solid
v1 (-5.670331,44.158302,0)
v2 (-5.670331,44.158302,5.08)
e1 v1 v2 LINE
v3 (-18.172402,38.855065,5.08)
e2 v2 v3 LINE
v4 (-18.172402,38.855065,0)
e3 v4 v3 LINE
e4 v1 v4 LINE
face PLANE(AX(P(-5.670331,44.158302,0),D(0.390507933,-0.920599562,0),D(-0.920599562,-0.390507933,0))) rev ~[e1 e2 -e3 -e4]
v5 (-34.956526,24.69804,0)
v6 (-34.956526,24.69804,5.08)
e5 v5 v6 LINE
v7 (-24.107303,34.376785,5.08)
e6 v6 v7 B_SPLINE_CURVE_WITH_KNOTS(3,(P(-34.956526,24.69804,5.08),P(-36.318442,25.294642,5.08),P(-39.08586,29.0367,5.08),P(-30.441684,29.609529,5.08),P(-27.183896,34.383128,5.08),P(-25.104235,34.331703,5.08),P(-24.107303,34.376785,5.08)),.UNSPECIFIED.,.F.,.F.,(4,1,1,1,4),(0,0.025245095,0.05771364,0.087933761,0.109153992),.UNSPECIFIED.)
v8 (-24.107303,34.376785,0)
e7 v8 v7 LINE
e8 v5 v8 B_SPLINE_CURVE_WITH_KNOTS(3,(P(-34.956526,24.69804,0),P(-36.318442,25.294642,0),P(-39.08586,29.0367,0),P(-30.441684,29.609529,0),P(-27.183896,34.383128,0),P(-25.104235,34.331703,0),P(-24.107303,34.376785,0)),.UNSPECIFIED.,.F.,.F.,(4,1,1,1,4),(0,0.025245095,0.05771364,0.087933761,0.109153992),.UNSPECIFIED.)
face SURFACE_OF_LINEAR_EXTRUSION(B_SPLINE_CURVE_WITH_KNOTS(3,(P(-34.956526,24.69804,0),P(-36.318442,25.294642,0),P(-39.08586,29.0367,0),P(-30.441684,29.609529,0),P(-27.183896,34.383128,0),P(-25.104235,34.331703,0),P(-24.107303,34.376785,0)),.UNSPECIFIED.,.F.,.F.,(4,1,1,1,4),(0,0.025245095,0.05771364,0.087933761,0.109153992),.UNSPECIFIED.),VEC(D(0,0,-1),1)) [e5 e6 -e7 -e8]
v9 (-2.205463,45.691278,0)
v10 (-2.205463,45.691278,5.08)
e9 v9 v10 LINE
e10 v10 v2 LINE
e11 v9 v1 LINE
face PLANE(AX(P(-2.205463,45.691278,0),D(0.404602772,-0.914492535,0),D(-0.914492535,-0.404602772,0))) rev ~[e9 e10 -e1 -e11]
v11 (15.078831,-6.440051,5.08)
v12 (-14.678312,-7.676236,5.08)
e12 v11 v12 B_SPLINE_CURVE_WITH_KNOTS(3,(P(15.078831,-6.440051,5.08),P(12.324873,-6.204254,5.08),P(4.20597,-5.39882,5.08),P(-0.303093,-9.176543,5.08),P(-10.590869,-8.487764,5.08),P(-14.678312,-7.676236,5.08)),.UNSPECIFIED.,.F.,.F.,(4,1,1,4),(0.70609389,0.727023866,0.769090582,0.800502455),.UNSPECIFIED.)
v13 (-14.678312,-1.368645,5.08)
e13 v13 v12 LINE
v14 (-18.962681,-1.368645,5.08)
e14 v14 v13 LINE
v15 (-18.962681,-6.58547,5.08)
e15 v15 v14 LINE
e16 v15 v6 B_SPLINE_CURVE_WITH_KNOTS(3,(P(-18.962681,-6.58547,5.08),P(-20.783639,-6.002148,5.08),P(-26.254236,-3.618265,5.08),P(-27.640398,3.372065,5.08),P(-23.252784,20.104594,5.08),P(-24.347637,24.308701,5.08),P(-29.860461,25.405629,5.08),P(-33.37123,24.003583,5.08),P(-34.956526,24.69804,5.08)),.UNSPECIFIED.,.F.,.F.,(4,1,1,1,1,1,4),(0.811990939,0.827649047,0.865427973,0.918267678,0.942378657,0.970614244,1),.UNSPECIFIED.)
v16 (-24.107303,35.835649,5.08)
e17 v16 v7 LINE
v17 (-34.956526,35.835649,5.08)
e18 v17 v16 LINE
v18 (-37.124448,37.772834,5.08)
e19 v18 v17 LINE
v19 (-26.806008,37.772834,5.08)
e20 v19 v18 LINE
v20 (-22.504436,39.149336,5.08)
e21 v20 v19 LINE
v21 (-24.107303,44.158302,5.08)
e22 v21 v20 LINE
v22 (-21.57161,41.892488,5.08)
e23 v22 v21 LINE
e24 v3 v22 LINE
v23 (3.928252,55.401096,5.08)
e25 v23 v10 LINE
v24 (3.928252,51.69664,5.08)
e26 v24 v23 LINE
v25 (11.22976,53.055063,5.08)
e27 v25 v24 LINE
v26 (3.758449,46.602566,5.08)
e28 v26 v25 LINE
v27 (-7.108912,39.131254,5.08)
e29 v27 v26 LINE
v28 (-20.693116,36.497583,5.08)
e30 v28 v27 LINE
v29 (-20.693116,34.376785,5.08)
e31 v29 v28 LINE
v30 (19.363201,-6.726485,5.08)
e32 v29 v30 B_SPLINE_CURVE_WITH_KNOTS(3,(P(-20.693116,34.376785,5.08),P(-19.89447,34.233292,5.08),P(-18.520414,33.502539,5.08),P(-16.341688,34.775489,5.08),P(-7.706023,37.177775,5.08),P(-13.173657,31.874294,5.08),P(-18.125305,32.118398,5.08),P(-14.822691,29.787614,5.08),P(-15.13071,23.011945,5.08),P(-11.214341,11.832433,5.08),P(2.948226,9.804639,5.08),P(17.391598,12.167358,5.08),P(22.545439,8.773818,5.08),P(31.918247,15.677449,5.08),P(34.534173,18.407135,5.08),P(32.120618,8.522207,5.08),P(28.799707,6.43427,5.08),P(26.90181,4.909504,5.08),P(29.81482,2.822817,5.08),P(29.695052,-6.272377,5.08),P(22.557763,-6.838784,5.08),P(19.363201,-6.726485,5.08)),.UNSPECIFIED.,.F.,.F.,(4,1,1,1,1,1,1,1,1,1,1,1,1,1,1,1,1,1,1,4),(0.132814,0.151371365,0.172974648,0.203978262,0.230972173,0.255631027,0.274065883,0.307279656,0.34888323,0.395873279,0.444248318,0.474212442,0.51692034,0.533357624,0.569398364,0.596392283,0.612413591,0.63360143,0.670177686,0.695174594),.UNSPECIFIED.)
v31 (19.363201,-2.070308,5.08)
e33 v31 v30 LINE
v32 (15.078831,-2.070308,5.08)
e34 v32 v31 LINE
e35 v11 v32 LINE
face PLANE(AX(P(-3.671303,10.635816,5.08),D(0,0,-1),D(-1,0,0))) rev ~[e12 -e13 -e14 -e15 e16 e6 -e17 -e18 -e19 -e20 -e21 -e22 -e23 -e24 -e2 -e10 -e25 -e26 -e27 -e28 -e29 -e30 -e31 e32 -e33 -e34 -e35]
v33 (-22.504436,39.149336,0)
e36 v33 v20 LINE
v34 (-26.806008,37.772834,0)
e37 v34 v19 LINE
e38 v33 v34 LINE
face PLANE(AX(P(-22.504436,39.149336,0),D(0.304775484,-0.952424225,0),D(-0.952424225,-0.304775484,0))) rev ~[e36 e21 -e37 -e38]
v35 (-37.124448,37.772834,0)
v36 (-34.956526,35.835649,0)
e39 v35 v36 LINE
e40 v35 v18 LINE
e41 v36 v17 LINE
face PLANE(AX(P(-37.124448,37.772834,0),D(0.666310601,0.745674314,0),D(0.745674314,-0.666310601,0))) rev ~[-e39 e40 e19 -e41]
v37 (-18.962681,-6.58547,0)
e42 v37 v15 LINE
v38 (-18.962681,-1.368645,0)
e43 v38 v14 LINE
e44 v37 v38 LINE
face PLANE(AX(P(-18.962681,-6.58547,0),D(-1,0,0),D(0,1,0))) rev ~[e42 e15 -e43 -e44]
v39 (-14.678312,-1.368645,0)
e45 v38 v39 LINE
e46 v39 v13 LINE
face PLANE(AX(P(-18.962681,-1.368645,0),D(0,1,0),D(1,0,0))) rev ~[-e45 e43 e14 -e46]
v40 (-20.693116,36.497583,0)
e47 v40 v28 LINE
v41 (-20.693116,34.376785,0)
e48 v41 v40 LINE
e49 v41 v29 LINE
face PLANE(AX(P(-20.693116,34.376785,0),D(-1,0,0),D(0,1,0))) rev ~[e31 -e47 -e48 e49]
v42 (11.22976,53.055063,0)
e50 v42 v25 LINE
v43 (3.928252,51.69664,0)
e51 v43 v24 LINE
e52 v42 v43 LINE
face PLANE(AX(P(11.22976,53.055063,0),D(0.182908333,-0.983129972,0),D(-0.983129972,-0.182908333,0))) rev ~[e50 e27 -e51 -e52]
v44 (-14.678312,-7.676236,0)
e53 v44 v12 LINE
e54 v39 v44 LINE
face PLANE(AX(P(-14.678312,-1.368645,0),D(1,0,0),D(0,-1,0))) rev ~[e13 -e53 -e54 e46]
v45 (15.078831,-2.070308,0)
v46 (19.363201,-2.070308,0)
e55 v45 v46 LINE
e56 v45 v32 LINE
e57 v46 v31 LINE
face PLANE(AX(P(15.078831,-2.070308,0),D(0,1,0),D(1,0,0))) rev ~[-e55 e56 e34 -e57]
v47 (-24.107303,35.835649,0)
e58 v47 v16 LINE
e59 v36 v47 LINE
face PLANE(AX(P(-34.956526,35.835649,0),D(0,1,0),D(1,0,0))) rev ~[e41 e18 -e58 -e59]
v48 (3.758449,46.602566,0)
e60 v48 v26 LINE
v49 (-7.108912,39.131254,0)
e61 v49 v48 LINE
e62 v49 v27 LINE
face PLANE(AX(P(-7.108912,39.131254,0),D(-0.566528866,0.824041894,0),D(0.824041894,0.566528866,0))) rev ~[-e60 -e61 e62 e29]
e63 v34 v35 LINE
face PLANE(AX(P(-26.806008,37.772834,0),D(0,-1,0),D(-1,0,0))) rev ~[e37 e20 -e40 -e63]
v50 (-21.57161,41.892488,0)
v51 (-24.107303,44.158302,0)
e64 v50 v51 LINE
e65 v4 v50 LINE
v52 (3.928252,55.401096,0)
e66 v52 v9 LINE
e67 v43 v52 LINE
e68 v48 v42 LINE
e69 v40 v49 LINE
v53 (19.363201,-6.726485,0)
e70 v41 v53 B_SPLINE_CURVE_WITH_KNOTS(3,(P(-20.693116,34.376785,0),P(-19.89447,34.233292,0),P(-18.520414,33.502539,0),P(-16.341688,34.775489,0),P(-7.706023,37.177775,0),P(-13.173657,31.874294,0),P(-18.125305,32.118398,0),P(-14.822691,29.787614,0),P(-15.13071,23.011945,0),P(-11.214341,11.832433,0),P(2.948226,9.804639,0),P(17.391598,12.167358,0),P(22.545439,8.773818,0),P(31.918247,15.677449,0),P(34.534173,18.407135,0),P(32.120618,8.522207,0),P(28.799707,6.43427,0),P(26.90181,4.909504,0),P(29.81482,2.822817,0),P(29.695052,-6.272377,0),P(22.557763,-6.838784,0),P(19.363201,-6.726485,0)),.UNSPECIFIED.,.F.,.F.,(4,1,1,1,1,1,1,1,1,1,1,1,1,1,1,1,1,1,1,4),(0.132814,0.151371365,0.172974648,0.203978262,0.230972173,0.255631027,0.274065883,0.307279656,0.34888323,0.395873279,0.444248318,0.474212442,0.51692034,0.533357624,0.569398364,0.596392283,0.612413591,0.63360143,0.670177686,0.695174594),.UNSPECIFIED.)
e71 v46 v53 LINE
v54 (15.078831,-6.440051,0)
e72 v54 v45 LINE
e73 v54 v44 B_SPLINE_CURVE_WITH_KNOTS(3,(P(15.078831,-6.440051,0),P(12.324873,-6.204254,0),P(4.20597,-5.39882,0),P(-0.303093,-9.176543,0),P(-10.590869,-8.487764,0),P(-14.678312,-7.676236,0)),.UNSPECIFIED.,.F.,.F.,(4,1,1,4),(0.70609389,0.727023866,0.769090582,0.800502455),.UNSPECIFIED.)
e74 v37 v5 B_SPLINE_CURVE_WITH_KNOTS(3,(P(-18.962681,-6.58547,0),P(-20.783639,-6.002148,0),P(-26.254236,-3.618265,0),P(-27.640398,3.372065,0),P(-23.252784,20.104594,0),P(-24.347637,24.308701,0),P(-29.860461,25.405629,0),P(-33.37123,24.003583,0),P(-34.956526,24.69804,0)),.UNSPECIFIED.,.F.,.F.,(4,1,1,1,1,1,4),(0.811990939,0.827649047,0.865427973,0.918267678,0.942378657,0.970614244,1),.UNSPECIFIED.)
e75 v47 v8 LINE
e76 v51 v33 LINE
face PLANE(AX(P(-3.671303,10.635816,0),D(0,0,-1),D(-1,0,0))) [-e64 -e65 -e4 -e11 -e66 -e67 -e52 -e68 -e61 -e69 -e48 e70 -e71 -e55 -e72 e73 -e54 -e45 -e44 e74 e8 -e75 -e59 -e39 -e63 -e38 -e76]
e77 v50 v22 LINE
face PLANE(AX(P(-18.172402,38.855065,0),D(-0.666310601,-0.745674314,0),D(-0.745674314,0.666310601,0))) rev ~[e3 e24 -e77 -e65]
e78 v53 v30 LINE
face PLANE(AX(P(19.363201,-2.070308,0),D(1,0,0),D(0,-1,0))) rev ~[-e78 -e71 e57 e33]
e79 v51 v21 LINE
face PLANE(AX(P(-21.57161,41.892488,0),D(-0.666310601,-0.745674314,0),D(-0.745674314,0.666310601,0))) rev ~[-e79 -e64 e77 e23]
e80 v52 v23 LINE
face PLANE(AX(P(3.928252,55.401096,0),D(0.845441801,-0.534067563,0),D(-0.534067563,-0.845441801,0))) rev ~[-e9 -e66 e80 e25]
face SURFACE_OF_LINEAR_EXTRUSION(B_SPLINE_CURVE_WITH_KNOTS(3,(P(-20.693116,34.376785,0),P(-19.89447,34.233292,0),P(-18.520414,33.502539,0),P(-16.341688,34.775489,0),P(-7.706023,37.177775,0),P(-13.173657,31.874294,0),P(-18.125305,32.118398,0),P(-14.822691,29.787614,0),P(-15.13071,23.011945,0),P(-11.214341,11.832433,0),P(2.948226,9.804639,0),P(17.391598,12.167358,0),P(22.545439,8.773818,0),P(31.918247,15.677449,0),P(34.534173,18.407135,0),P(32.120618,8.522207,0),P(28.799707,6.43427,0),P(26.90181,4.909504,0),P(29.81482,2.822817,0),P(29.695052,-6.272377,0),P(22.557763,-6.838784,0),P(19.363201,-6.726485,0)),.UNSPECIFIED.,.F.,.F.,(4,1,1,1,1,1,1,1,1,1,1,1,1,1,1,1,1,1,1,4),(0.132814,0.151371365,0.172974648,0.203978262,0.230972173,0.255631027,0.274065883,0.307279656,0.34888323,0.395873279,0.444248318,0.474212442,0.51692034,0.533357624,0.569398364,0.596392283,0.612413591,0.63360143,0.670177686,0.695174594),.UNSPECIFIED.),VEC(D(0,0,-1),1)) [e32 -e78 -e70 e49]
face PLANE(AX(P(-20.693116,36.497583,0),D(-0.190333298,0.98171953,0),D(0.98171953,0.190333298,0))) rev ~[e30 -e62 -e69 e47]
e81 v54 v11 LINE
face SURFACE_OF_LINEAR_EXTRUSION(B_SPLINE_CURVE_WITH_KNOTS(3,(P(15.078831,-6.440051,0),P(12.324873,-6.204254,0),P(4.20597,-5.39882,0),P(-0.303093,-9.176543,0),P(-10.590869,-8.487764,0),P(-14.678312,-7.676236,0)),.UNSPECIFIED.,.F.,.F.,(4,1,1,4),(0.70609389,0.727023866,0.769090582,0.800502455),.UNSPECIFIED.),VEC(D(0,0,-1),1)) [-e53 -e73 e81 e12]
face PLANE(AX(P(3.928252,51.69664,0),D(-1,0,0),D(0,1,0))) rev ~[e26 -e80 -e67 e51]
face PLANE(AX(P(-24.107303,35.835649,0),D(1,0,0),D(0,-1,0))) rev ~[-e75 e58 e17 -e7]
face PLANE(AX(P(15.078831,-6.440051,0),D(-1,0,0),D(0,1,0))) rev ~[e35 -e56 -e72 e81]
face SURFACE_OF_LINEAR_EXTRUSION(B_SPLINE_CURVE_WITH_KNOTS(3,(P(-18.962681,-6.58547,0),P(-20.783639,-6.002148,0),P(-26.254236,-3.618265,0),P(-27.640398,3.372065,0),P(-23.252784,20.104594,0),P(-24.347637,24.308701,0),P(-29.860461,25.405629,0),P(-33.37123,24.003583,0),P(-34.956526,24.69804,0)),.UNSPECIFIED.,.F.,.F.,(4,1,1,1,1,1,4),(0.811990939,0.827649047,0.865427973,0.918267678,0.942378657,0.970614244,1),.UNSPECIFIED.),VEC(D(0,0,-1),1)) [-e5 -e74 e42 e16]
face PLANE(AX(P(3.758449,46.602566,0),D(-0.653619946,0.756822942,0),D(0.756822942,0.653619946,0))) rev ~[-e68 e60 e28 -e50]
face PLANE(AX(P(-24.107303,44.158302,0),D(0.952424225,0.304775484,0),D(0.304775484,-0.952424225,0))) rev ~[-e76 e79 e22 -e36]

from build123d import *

# Parameters (mm, degrees)
F1_DEPTH = 5.08


with BuildPart() as f1:
    # F0 (on Top) → F1 (new body)
    with BuildSketch(Plane.XY):
        with BuildLine():
            add(Edge.make_bspline(
                [(-34.9565260112, 24.6980395168), (-36.3184421784, 25.2946421503), (-39.0858596516, 29.0367000859), (-30.4416842625, 29.6095288925), (-27.1838955094, 34.3831282751), (-25.1042351735, 34.3317026976), (-24.1073034704, 34.3767851591)],
                knots=[0, 0, 0, 0, 0.0252450946, 0.0577136403, 0.0879337607, 0.109153992, 0.109153992, 0.109153992, 0.109153992], degree=3))
            add(Edge.make_bspline(
                [(-18.9626812929, -6.585470436), (-20.7836392487, -6.0021480252), (-26.2542361607, -3.6182647016), (-27.6403976049, 3.3720647415), (-23.2527842916, 20.1045936237), (-24.347636729, 24.3087012232), (-29.8604613815, 25.4056291179), (-33.3712304464, 24.0035830358), (-34.9565260112, 24.6980395168)],
                knots=[0.811990939, 0.811990939, 0.811990939, 0.811990939, 0.8276490466, 0.8654279725, 0.9182676782, 0.9423786567, 0.9706142438, 1, 1, 1, 1], degree=3))
            Line((-18.9626812929, -6.585470436), (-18.9626812929, -1.3686448783))
            Line((-18.9626812929, -1.3686448783), (-14.678311535, -1.3686448783))
            Line((-14.678311535, -1.3686448783), (-14.678311535, -7.6762364836))
            add(Edge.make_bspline(
                [(15.078831465, -6.4400512963), (12.3248730206, -6.2042544015), (4.2059701157, -5.3988197752), (-0.3030927776, -9.1765432065), (-10.5908690132, -8.487764245), (-14.678311535, -7.6762364836)],
                knots=[0.7060938897, 0.7060938897, 0.7060938897, 0.7060938897, 0.7270238665, 0.7690905816, 0.8005024545, 0.8005024545, 0.8005024545, 0.8005024545], degree=3))
            Line((15.078831465, -6.4400512963), (15.078831465, -2.0703081973))
            Line((15.078831465, -2.0703081973), (19.3632012229, -2.0703081973))
            Line((19.3632012229, -2.0703081973), (19.3632012229, -6.7264847693))
            add(Edge.make_bspline(
                [(-20.69311589, 34.3767851591), (-19.8944697046, 34.2332916672), (-18.5204144791, 33.5025393751), (-16.3416883071, 34.7754890574), (-7.7060230741, 37.1777747467), (-13.1736566579, 31.8742939291), (-18.1253049752, 32.1183978408), (-14.8226908654, 29.7876143731), (-15.1307104031, 23.011945025), (-11.2143412199, 11.8324332314), (2.9482264108, 9.8046390998), (17.3915983635, 12.1673581995), (22.5454394796, 8.7738177738), (31.9182466628, 15.6774489792), (34.5341730796, 18.4071345063), (32.1206179642, 8.5222070955), (28.7997072673, 6.4342695481), (26.9018097864, 4.9095043094), (29.8148200259, 2.8228172307), (29.6950516226, -6.2723774479), (22.5577629034, -6.8387844426), (19.3632012229, -6.7264847693)],
                knots=[0.1328139998, 0.1328139998, 0.1328139998, 0.1328139998, 0.1513713652, 0.1729746484, 0.2039782617, 0.2309721734, 0.2556310269, 0.2740658828, 0.3072796564, 0.3488832295, 0.3958732794, 0.4442483176, 0.4742124417, 0.5169203399, 0.533357624, 0.5693983638, 0.5963922835, 0.6124135911, 0.6336014297, 0.6701776865, 0.6951745937, 0.6951745937, 0.6951745937, 0.6951745937], degree=3))
            add(Edge.make_bspline(
                [(-24.1073034704, 34.3767851591), (-22.9957504645, 34.427050935), (-21.7113625347, 34.5597344667), (-20.69311589, 34.3767851591)],
                knots=[0.109153992, 0.109153992, 0.109153992, 0.109153992, 0.1328139998, 0.1328139998, 0.1328139998, 0.1328139998], degree=3))
        make_face()
        with BuildLine():
            Line((-24.1073034704, 35.835648897), (-24.1073034704, 34.3767851591))
            add(Edge.make_bspline(
                [(-24.1073034704, 34.3767851591), (-22.9957504645, 34.427050935), (-21.7113625347, 34.5597344667), (-20.69311589, 34.3767851591)],
                knots=[0.109153992, 0.109153992, 0.109153992, 0.109153992, 0.1328139998, 0.1328139998, 0.1328139998, 0.1328139998], degree=3))
            Line((-20.69311589, 34.3767851591), (-20.69311589, 36.4975829459))
            Line((-20.69311589, 36.4975829459), (-24.1073034704, 35.835648897))
        make_face()
        Polygon((-34.9565260112, 35.835648897), (-24.1073034704, 35.835648897), (-20.69311589, 36.4975829459), (-7.1089123376, 39.1312539577), (3.7584491074, 46.6025657952), (11.2297600135, 53.0550628901), (3.9282515645, 51.696639508), (3.9282515645, 55.4010961205), (-2.2054633591, 45.6912778318), (-5.6703309239, 44.1583019264), (-18.1724019349, 38.8550646603), (-21.5716100879, 41.8924878163), (-24.1073034704, 44.1583019264), (-22.5044358461, 39.1493362049), (-26.8060080707, 37.772834301), (-37.1244479902, 37.772834301), align=None)
    extrude(amount=F1_DEPTH)


solid = f1.part
